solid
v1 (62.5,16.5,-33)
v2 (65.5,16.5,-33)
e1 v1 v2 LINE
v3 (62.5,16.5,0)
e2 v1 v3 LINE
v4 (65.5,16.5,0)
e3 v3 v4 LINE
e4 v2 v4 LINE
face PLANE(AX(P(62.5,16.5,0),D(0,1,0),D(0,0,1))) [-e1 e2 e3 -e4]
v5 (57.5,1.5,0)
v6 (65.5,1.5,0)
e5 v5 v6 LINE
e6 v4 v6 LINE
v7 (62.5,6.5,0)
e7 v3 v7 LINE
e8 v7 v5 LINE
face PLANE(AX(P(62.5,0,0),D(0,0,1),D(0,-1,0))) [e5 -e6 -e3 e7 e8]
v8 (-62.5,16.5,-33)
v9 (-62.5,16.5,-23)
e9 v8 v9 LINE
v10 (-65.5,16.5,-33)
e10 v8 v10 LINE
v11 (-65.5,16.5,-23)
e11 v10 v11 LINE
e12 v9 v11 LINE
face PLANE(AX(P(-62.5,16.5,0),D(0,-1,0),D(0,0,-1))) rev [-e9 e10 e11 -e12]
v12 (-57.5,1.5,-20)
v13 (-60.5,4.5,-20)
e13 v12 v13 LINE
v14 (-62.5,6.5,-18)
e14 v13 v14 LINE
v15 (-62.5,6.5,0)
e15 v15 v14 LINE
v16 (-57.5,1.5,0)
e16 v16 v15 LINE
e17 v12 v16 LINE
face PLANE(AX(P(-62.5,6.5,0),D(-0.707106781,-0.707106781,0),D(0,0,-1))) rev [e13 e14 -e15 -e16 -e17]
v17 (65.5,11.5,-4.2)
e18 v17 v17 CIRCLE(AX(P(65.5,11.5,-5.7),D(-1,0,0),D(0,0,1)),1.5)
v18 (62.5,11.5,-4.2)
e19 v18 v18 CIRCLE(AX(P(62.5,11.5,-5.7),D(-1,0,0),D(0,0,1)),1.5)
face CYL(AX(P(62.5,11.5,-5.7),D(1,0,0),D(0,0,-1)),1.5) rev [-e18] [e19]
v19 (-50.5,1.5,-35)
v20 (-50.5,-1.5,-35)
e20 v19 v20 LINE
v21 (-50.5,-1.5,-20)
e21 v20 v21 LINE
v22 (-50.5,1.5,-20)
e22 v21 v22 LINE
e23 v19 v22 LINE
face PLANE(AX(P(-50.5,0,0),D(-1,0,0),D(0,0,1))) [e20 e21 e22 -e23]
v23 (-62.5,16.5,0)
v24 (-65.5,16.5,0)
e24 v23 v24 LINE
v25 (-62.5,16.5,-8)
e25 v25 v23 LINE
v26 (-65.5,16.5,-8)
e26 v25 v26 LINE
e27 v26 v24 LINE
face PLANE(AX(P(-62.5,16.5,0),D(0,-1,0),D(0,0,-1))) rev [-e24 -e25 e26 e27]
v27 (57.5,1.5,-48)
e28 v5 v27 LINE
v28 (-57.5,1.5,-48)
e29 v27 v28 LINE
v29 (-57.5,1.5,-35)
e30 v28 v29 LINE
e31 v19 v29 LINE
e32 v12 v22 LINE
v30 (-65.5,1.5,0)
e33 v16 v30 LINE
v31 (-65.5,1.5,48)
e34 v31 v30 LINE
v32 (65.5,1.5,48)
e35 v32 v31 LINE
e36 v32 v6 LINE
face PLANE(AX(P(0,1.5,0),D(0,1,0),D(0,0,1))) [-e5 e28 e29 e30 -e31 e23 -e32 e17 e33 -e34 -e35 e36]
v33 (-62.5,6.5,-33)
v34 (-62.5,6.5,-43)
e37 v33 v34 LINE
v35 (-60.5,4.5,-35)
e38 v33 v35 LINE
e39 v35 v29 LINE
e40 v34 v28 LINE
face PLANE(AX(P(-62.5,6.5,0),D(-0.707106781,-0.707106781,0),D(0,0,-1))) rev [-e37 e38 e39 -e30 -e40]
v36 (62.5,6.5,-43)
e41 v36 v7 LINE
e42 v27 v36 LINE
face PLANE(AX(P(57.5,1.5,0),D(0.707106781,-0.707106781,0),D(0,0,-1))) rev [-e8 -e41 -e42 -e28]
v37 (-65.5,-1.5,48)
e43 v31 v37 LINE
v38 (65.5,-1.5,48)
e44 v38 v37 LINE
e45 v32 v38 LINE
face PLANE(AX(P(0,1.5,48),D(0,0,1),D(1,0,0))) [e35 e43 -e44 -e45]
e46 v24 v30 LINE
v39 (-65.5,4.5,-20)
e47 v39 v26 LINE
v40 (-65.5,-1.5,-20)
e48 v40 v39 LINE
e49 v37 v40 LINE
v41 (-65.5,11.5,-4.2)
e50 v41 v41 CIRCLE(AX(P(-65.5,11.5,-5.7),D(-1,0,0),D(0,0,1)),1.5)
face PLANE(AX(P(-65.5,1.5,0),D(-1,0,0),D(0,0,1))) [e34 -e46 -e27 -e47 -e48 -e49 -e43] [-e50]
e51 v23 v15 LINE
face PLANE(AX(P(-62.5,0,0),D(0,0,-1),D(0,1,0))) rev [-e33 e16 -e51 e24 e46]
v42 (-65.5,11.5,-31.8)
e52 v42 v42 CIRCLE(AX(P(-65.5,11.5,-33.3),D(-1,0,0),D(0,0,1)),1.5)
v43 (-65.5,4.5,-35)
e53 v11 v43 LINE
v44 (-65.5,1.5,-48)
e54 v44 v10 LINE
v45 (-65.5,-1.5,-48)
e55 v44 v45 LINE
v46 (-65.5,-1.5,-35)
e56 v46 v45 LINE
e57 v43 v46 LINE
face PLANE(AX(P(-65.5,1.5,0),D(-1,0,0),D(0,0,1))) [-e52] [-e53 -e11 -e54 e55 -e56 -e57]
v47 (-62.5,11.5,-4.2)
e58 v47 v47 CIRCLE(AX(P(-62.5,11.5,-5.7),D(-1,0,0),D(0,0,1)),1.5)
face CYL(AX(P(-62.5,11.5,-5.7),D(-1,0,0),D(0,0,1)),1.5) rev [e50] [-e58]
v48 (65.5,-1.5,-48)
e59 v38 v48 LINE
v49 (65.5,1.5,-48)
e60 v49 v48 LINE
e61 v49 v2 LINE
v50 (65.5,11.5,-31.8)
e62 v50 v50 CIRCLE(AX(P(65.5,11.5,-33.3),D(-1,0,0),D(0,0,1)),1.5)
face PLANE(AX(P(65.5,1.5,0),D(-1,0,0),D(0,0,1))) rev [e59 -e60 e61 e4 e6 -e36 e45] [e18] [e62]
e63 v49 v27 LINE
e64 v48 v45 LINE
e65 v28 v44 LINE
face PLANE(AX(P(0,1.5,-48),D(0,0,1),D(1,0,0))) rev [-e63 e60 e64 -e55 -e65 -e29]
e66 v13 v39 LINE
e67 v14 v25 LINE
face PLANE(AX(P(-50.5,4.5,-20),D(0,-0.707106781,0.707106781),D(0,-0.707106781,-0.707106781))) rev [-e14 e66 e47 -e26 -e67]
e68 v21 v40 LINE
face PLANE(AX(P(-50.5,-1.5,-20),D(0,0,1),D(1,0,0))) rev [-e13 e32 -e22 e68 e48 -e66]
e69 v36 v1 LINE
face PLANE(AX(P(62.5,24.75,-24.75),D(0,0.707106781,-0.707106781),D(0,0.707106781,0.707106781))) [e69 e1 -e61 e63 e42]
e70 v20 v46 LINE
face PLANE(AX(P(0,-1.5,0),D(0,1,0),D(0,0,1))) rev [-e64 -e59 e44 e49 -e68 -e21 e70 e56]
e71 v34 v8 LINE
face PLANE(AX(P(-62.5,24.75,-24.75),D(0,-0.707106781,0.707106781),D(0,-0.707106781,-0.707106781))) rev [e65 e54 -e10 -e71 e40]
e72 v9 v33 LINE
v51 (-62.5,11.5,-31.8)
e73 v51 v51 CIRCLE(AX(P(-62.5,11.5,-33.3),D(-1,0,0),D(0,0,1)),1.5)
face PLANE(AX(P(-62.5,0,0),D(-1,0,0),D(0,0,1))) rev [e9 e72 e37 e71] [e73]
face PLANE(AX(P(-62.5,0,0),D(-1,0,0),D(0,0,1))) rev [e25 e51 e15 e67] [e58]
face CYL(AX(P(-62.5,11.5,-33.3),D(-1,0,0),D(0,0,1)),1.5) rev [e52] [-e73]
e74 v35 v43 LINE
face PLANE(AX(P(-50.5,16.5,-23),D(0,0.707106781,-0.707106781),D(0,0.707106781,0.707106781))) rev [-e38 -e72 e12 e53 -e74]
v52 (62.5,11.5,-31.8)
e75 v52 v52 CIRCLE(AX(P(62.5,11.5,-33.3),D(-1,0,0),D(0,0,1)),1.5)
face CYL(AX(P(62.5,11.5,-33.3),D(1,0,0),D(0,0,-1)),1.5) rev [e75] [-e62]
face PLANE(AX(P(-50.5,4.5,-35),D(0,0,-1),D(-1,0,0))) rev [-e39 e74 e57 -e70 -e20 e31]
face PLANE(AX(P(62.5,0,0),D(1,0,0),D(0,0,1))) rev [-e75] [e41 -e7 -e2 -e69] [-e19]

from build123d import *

# Parameters (mm, degrees)
SKETCH1_W           = 131
SKETCH1_H           = 96
BOSS_EXTRUDE1_DEPTH = 1.5
SKETCH2_R           = 1.5
BOSS_EXTRUDE2_DEPTH = 3
CHAMFER1_SIZE       = 5
CUT_EXTRUDE1_DEPTH  = 15


with BuildPart() as part:
    # Sketch1 → Boss-Extrude1 (new, symmetric)
    with BuildSketch(Plane(origin=(0, 0, 0), x_dir=(1, 0, 0), z_dir=(0, 1, 0))):
        Rectangle(SKETCH1_W, SKETCH1_H)
    extrude(amount=BOSS_EXTRUDE1_DEPTH, both=True)

    # Sketch2 → Boss-Extrude2 (add)
    with BuildSketch(Plane.ZY.offset(65.5)):
        Polygon((-33, 16.5), (-48, 1.5), (0, 1.5), (0, 16.5), align=None)
        with Locations((-33.3, 11.5)):
            Circle(SKETCH2_R, mode=Mode.SUBTRACT)
        with Locations((-5.7, 11.5)):
            Circle(SKETCH2_R, mode=Mode.SUBTRACT)
    boss_extrude2 = extrude(amount=-BOSS_EXTRUDE2_DEPTH)

    # Mirror1: Boss-Extrude2 across plane
    add(boss_extrude2.mirror(Plane(origin=(0, 0, 0), x_dir=(0, 0, 1), z_dir=(1, 0, 0))))

    # Chamfer1
    chamfer1_edges = [part.edges().sort_by_distance(p)[0] for p in [
        (-62.5, 1.5, -24),
        (62.5, 1.5, -24),
    ]]
    chamfer(chamfer1_edges, length=CHAMFER1_SIZE)

    # Sketch3 → Cut-Extrude1 (cut)
    with BuildSketch(Plane.ZY.offset(65.5)):
        Polygon((-20, -1.5), (-20, 4.5), (-8, 16.5), (-20, 16.5), (-23, 16.5), (-35, 4.5), (-35, -1.5), align=None)
    extrude(amount=-CUT_EXTRUDE1_DEPTH, mode=Mode.SUBTRACT)


solid = part.part
